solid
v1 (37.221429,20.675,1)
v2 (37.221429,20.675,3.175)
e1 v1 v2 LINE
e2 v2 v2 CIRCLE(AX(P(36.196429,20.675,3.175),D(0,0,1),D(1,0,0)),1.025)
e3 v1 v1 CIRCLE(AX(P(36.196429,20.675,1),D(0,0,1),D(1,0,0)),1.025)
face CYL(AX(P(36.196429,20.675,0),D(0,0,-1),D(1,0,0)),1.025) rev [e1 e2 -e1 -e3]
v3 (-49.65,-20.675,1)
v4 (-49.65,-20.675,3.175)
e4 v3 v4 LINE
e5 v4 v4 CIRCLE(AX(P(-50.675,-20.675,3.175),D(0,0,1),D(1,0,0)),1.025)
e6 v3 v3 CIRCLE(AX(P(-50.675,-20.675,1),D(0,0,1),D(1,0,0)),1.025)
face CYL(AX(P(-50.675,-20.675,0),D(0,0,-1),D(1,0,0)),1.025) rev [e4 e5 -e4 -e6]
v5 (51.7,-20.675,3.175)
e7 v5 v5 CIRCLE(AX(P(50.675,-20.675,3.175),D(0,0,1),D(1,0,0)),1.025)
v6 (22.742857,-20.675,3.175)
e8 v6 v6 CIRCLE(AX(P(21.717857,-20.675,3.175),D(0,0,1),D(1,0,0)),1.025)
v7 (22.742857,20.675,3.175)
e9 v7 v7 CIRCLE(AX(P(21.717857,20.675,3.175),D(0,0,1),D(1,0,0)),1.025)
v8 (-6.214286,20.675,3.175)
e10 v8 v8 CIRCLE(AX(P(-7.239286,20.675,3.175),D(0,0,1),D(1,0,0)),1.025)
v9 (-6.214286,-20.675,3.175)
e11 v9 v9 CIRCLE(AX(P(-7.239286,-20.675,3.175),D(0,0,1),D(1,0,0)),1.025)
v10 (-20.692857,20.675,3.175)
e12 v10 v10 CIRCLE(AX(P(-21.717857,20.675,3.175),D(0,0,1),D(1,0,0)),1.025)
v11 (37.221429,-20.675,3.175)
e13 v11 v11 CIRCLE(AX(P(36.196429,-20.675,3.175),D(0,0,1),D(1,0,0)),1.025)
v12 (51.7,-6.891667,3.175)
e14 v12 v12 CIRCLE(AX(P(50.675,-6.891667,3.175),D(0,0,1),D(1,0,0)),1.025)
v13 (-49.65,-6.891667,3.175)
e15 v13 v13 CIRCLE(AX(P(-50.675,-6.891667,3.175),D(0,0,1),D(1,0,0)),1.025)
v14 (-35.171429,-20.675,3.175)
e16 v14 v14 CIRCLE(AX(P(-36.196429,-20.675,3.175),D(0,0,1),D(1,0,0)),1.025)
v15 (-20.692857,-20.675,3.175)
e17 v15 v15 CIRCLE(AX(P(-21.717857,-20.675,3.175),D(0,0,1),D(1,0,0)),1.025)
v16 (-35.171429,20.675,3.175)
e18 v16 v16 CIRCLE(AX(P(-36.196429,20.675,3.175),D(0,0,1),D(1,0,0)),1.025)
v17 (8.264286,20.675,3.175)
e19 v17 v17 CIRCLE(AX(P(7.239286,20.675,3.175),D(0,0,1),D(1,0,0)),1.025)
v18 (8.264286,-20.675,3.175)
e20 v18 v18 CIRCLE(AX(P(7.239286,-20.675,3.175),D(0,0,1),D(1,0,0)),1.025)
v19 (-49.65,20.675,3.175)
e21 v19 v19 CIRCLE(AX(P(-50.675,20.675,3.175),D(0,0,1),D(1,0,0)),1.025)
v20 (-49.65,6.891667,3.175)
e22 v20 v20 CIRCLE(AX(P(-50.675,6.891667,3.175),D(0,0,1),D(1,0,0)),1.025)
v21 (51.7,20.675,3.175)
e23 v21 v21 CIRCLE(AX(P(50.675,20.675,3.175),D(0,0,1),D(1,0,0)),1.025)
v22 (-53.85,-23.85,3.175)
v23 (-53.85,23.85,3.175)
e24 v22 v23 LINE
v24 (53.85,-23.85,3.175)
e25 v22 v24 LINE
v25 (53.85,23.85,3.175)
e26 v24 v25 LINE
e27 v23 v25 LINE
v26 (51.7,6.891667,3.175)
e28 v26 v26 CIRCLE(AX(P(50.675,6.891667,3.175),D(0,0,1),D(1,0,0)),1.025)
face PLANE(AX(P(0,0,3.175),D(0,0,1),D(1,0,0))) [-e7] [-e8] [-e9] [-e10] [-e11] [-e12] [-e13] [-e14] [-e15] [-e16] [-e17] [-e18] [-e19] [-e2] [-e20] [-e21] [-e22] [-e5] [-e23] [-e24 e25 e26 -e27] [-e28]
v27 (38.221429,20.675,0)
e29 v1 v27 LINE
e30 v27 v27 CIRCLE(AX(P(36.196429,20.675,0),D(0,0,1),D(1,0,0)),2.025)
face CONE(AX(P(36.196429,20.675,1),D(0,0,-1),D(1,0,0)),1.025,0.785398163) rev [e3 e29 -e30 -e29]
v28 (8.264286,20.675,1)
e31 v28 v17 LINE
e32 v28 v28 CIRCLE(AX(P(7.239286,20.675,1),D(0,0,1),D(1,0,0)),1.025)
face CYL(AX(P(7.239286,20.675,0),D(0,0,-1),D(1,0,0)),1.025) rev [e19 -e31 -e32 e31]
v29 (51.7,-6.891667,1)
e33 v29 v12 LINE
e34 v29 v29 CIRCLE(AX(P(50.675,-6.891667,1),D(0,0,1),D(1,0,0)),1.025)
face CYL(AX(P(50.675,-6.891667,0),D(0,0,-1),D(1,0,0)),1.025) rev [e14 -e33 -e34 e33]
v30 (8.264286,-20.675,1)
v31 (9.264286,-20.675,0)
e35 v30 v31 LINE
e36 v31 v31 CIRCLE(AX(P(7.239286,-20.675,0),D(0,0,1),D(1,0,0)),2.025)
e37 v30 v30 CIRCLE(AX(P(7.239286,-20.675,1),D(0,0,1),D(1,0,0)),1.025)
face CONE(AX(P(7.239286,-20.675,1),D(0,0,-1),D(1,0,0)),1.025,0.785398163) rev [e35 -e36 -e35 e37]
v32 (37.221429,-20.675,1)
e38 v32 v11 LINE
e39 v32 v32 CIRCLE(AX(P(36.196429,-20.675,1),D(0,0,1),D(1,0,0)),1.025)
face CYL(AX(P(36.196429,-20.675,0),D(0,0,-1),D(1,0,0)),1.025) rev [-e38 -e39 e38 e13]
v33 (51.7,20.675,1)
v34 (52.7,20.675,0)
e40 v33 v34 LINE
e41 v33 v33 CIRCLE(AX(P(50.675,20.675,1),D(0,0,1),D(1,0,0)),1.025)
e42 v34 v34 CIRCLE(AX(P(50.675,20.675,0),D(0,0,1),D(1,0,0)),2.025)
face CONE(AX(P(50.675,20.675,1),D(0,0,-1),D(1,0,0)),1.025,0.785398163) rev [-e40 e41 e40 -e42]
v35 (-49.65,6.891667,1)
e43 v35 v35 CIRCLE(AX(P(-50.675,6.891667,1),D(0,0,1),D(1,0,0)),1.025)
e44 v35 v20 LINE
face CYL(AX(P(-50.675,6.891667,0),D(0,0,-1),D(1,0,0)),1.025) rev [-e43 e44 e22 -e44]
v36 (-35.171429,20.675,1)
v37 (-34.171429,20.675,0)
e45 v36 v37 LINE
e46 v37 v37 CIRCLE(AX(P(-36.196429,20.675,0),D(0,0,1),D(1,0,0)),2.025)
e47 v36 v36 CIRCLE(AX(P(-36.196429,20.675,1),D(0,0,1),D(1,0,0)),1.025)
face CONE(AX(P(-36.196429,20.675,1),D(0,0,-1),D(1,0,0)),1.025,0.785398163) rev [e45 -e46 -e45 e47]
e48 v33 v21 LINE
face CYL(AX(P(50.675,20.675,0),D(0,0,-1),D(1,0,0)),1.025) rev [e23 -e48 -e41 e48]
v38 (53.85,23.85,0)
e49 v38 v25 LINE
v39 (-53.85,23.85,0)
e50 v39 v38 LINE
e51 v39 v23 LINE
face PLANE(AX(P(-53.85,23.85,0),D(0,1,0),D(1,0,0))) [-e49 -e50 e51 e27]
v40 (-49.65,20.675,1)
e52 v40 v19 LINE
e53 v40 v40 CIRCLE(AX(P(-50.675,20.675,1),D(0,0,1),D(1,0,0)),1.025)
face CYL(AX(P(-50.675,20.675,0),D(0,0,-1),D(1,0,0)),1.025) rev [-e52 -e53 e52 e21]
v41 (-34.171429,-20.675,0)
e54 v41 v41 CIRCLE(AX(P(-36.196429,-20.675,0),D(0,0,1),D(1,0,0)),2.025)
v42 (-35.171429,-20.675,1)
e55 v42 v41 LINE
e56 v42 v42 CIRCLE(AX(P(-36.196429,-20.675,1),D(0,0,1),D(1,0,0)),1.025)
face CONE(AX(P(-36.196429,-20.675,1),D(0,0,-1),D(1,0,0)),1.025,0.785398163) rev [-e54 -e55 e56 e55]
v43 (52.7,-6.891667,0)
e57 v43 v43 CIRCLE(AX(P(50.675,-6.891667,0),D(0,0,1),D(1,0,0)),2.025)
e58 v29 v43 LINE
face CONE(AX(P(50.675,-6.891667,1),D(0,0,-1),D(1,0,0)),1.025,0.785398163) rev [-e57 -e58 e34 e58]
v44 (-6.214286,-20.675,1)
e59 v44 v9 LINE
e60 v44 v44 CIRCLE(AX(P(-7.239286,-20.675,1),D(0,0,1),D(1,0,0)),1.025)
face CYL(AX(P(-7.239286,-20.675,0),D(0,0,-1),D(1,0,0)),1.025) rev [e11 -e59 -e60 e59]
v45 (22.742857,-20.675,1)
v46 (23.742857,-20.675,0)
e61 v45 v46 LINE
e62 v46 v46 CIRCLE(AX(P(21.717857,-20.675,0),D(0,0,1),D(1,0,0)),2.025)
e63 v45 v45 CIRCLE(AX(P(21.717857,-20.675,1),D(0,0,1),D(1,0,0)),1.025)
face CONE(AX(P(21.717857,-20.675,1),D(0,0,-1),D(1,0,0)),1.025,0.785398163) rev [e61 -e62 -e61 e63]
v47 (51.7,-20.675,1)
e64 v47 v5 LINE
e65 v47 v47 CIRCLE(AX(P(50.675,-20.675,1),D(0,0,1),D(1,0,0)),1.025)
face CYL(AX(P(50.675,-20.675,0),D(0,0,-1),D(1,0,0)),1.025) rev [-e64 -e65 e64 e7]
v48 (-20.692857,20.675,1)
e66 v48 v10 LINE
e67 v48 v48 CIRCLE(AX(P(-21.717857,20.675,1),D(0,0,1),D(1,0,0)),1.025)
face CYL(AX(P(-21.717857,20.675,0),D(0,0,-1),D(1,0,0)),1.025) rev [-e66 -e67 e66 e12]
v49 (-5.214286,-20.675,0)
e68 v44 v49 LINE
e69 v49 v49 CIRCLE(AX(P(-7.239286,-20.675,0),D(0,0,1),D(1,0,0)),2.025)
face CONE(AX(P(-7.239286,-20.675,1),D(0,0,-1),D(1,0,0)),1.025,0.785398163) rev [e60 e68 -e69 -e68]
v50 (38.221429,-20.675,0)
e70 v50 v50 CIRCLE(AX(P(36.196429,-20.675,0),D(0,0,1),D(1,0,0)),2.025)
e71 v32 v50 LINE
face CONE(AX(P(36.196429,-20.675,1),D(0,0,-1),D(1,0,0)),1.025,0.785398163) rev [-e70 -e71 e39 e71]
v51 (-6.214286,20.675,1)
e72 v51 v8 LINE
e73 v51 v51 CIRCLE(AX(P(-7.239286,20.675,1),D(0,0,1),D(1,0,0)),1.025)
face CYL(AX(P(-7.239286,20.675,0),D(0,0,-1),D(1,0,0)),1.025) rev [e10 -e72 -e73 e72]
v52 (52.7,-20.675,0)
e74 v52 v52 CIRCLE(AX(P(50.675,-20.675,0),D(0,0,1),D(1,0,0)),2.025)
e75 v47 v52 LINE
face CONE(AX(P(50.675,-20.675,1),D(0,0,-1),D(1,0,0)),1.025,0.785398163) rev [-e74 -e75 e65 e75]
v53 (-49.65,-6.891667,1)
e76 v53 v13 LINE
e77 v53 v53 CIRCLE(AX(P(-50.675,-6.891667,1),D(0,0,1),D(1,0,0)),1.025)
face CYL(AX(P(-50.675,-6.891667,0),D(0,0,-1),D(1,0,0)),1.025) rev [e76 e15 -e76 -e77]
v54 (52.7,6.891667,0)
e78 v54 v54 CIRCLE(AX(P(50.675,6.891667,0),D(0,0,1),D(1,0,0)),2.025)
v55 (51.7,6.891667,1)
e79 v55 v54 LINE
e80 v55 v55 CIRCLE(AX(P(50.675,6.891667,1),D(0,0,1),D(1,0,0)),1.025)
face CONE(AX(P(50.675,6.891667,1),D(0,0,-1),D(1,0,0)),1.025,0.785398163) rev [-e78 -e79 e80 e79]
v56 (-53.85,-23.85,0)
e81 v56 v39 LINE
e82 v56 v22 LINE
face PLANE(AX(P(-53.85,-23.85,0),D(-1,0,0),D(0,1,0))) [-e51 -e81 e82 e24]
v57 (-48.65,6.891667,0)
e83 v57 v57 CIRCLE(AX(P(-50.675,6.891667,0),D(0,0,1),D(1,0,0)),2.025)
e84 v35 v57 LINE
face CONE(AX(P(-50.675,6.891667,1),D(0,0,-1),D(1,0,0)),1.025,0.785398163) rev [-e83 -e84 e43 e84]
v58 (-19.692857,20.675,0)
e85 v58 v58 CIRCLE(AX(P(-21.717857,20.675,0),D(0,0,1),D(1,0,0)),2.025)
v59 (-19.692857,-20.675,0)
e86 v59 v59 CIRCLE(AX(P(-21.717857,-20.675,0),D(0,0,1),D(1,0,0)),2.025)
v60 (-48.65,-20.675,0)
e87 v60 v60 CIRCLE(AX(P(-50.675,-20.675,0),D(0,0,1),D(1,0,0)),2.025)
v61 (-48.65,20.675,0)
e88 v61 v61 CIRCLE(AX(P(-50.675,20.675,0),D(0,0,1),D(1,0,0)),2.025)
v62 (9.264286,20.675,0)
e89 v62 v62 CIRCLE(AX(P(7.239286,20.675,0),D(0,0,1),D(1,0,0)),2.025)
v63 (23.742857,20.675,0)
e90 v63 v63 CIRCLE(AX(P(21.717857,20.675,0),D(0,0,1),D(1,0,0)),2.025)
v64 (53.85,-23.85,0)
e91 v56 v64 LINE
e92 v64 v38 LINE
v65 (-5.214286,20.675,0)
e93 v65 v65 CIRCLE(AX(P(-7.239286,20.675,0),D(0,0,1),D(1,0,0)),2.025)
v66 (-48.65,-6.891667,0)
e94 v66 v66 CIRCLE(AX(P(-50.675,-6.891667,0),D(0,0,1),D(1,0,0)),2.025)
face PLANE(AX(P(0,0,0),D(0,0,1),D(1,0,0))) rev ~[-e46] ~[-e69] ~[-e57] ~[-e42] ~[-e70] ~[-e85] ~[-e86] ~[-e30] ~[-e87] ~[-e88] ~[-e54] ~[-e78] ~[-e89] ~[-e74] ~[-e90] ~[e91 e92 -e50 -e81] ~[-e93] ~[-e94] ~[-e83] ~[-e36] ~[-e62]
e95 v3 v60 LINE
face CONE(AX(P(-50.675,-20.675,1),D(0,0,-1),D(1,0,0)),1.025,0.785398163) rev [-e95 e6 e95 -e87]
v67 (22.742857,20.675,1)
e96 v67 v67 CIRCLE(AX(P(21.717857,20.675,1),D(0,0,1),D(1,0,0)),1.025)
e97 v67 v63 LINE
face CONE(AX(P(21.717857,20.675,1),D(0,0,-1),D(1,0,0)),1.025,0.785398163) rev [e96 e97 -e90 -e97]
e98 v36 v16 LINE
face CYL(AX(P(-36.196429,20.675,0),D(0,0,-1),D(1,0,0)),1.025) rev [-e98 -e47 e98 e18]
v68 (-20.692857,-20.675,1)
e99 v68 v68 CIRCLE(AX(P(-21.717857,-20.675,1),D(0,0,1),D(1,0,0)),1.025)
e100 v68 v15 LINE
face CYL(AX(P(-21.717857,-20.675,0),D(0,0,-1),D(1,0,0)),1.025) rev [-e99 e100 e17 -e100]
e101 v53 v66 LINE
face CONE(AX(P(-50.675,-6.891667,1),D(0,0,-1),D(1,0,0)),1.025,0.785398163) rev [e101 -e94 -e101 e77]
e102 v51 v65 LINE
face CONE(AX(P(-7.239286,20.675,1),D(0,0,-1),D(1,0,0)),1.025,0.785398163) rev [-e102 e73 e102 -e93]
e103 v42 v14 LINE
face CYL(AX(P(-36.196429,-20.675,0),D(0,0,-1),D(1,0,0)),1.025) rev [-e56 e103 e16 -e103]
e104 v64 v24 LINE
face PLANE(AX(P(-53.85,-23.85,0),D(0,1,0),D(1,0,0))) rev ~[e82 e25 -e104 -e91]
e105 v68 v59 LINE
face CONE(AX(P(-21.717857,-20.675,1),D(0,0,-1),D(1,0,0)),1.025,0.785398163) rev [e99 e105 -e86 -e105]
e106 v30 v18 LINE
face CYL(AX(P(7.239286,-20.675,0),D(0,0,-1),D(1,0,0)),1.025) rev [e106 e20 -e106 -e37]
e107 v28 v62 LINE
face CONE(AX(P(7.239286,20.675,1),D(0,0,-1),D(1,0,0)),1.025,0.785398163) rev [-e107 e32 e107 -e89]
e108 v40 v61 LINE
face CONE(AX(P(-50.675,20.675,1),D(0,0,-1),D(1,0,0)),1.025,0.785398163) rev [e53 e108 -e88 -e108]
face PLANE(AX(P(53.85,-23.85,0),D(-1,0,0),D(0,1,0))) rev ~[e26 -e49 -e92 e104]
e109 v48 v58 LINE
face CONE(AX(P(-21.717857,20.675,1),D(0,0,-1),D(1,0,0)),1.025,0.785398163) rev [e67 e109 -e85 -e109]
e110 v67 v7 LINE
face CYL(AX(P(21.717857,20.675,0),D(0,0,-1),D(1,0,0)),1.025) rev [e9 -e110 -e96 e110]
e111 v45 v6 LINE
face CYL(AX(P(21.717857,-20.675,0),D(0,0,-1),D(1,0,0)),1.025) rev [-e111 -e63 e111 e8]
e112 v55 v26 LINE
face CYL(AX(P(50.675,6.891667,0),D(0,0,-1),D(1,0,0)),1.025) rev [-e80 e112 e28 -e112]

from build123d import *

# Parameters (mm, degrees)
SKETCH1_W           = 107.7
SKETCH1_H           = 47.7
SKETCH1_R           = 1.025
BOSS_EXTRUDE1_DEPTH = 3.175
CHAMFER1_SIZE       = 1


with BuildPart() as part:
    # Sketch1 → Boss-Extrude1 (new body)
    with BuildSketch(Plane.XY):
        Rectangle(SKETCH1_W, SKETCH1_H)
        with Locations((-50.675, 20.675)):
            Circle(SKETCH1_R, mode=Mode.SUBTRACT)
        with Locations((50.675, 20.675)):
            Circle(SKETCH1_R, mode=Mode.SUBTRACT)
        with Locations((-50.675, -20.675)):
            Circle(SKETCH1_R, mode=Mode.SUBTRACT)
        with Locations((50.675, -20.675)):
            Circle(SKETCH1_R, mode=Mode.SUBTRACT)
        with Locations((-7.239285714, 20.675)):
            Circle(SKETCH1_R, mode=Mode.SUBTRACT)
        with Locations((-7.239285714, -20.675)):
            Circle(SKETCH1_R, mode=Mode.SUBTRACT)
        with Locations((-36.196428571, 20.675)):
            Circle(SKETCH1_R, mode=Mode.SUBTRACT)
        with Locations((-21.717857143, 20.675)):
            Circle(SKETCH1_R, mode=Mode.SUBTRACT)
        with Locations((7.239285714, 20.675)):
            Circle(SKETCH1_R, mode=Mode.SUBTRACT)
        with Locations((21.717857143, 20.675)):
            Circle(SKETCH1_R, mode=Mode.SUBTRACT)
        with Locations((-50.675, 6.8916667)):
            Circle(SKETCH1_R, mode=Mode.SUBTRACT)
        with Locations((-50.675, -6.8916667)):
            Circle(SKETCH1_R, mode=Mode.SUBTRACT)
        with Locations((50.675, 6.8916667)):
            Circle(SKETCH1_R, mode=Mode.SUBTRACT)
        with Locations((50.675, -6.8916667)):
            Circle(SKETCH1_R, mode=Mode.SUBTRACT)
        with Locations((7.239285714, -20.675)):
            Circle(SKETCH1_R, mode=Mode.SUBTRACT)
        with Locations((21.717857143, -20.675)):
            Circle(SKETCH1_R, mode=Mode.SUBTRACT)
        with Locations((-21.717857143, -20.675)):
            Circle(SKETCH1_R, mode=Mode.SUBTRACT)
        with Locations((-36.196428571, -20.675)):
            Circle(SKETCH1_R, mode=Mode.SUBTRACT)
        with Locations((36.196428572, 20.675)):
            Circle(SKETCH1_R, mode=Mode.SUBTRACT)
        with Locations((36.196428572, -20.675)):
            Circle(SKETCH1_R, mode=Mode.SUBTRACT)
    extrude(amount=BOSS_EXTRUDE1_DEPTH)

    # Chamfer1
    chamfer1_edges = [part.edges().sort_by_distance(p)[0] for p in [
        (-51.7, 20.675, 0),
        (49.65, 20.675, 0),
        (-51.7, -20.675, 0),
        (49.65, -20.675, 0),
        (-8.264285714, 20.675, 0),
        (-8.264285714, -20.675, 0),
        (-37.221428571, 20.675, 0),
        (-22.742857143, 20.675, 0),
        (6.214285714, 20.675, 0),
        (20.692857143, 20.675, 0),
        (-51.7, 6.8916667, 0),
        (-51.7, -6.8916667, 0),
        (49.65, 6.8916667, 0),
        (49.65, -6.8916667, 0),
        (6.214285714, -20.675, 0),
        (20.692857143, -20.675, 0),
        (-22.742857143, -20.675, 0),
        (-37.221428571, -20.675, 0),
        (35.171428572, 20.675, 0),
        (35.171428572, -20.675, 0),
    ]]
    chamfer(chamfer1_edges, length=CHAMFER1_SIZE)


solid = part.part
